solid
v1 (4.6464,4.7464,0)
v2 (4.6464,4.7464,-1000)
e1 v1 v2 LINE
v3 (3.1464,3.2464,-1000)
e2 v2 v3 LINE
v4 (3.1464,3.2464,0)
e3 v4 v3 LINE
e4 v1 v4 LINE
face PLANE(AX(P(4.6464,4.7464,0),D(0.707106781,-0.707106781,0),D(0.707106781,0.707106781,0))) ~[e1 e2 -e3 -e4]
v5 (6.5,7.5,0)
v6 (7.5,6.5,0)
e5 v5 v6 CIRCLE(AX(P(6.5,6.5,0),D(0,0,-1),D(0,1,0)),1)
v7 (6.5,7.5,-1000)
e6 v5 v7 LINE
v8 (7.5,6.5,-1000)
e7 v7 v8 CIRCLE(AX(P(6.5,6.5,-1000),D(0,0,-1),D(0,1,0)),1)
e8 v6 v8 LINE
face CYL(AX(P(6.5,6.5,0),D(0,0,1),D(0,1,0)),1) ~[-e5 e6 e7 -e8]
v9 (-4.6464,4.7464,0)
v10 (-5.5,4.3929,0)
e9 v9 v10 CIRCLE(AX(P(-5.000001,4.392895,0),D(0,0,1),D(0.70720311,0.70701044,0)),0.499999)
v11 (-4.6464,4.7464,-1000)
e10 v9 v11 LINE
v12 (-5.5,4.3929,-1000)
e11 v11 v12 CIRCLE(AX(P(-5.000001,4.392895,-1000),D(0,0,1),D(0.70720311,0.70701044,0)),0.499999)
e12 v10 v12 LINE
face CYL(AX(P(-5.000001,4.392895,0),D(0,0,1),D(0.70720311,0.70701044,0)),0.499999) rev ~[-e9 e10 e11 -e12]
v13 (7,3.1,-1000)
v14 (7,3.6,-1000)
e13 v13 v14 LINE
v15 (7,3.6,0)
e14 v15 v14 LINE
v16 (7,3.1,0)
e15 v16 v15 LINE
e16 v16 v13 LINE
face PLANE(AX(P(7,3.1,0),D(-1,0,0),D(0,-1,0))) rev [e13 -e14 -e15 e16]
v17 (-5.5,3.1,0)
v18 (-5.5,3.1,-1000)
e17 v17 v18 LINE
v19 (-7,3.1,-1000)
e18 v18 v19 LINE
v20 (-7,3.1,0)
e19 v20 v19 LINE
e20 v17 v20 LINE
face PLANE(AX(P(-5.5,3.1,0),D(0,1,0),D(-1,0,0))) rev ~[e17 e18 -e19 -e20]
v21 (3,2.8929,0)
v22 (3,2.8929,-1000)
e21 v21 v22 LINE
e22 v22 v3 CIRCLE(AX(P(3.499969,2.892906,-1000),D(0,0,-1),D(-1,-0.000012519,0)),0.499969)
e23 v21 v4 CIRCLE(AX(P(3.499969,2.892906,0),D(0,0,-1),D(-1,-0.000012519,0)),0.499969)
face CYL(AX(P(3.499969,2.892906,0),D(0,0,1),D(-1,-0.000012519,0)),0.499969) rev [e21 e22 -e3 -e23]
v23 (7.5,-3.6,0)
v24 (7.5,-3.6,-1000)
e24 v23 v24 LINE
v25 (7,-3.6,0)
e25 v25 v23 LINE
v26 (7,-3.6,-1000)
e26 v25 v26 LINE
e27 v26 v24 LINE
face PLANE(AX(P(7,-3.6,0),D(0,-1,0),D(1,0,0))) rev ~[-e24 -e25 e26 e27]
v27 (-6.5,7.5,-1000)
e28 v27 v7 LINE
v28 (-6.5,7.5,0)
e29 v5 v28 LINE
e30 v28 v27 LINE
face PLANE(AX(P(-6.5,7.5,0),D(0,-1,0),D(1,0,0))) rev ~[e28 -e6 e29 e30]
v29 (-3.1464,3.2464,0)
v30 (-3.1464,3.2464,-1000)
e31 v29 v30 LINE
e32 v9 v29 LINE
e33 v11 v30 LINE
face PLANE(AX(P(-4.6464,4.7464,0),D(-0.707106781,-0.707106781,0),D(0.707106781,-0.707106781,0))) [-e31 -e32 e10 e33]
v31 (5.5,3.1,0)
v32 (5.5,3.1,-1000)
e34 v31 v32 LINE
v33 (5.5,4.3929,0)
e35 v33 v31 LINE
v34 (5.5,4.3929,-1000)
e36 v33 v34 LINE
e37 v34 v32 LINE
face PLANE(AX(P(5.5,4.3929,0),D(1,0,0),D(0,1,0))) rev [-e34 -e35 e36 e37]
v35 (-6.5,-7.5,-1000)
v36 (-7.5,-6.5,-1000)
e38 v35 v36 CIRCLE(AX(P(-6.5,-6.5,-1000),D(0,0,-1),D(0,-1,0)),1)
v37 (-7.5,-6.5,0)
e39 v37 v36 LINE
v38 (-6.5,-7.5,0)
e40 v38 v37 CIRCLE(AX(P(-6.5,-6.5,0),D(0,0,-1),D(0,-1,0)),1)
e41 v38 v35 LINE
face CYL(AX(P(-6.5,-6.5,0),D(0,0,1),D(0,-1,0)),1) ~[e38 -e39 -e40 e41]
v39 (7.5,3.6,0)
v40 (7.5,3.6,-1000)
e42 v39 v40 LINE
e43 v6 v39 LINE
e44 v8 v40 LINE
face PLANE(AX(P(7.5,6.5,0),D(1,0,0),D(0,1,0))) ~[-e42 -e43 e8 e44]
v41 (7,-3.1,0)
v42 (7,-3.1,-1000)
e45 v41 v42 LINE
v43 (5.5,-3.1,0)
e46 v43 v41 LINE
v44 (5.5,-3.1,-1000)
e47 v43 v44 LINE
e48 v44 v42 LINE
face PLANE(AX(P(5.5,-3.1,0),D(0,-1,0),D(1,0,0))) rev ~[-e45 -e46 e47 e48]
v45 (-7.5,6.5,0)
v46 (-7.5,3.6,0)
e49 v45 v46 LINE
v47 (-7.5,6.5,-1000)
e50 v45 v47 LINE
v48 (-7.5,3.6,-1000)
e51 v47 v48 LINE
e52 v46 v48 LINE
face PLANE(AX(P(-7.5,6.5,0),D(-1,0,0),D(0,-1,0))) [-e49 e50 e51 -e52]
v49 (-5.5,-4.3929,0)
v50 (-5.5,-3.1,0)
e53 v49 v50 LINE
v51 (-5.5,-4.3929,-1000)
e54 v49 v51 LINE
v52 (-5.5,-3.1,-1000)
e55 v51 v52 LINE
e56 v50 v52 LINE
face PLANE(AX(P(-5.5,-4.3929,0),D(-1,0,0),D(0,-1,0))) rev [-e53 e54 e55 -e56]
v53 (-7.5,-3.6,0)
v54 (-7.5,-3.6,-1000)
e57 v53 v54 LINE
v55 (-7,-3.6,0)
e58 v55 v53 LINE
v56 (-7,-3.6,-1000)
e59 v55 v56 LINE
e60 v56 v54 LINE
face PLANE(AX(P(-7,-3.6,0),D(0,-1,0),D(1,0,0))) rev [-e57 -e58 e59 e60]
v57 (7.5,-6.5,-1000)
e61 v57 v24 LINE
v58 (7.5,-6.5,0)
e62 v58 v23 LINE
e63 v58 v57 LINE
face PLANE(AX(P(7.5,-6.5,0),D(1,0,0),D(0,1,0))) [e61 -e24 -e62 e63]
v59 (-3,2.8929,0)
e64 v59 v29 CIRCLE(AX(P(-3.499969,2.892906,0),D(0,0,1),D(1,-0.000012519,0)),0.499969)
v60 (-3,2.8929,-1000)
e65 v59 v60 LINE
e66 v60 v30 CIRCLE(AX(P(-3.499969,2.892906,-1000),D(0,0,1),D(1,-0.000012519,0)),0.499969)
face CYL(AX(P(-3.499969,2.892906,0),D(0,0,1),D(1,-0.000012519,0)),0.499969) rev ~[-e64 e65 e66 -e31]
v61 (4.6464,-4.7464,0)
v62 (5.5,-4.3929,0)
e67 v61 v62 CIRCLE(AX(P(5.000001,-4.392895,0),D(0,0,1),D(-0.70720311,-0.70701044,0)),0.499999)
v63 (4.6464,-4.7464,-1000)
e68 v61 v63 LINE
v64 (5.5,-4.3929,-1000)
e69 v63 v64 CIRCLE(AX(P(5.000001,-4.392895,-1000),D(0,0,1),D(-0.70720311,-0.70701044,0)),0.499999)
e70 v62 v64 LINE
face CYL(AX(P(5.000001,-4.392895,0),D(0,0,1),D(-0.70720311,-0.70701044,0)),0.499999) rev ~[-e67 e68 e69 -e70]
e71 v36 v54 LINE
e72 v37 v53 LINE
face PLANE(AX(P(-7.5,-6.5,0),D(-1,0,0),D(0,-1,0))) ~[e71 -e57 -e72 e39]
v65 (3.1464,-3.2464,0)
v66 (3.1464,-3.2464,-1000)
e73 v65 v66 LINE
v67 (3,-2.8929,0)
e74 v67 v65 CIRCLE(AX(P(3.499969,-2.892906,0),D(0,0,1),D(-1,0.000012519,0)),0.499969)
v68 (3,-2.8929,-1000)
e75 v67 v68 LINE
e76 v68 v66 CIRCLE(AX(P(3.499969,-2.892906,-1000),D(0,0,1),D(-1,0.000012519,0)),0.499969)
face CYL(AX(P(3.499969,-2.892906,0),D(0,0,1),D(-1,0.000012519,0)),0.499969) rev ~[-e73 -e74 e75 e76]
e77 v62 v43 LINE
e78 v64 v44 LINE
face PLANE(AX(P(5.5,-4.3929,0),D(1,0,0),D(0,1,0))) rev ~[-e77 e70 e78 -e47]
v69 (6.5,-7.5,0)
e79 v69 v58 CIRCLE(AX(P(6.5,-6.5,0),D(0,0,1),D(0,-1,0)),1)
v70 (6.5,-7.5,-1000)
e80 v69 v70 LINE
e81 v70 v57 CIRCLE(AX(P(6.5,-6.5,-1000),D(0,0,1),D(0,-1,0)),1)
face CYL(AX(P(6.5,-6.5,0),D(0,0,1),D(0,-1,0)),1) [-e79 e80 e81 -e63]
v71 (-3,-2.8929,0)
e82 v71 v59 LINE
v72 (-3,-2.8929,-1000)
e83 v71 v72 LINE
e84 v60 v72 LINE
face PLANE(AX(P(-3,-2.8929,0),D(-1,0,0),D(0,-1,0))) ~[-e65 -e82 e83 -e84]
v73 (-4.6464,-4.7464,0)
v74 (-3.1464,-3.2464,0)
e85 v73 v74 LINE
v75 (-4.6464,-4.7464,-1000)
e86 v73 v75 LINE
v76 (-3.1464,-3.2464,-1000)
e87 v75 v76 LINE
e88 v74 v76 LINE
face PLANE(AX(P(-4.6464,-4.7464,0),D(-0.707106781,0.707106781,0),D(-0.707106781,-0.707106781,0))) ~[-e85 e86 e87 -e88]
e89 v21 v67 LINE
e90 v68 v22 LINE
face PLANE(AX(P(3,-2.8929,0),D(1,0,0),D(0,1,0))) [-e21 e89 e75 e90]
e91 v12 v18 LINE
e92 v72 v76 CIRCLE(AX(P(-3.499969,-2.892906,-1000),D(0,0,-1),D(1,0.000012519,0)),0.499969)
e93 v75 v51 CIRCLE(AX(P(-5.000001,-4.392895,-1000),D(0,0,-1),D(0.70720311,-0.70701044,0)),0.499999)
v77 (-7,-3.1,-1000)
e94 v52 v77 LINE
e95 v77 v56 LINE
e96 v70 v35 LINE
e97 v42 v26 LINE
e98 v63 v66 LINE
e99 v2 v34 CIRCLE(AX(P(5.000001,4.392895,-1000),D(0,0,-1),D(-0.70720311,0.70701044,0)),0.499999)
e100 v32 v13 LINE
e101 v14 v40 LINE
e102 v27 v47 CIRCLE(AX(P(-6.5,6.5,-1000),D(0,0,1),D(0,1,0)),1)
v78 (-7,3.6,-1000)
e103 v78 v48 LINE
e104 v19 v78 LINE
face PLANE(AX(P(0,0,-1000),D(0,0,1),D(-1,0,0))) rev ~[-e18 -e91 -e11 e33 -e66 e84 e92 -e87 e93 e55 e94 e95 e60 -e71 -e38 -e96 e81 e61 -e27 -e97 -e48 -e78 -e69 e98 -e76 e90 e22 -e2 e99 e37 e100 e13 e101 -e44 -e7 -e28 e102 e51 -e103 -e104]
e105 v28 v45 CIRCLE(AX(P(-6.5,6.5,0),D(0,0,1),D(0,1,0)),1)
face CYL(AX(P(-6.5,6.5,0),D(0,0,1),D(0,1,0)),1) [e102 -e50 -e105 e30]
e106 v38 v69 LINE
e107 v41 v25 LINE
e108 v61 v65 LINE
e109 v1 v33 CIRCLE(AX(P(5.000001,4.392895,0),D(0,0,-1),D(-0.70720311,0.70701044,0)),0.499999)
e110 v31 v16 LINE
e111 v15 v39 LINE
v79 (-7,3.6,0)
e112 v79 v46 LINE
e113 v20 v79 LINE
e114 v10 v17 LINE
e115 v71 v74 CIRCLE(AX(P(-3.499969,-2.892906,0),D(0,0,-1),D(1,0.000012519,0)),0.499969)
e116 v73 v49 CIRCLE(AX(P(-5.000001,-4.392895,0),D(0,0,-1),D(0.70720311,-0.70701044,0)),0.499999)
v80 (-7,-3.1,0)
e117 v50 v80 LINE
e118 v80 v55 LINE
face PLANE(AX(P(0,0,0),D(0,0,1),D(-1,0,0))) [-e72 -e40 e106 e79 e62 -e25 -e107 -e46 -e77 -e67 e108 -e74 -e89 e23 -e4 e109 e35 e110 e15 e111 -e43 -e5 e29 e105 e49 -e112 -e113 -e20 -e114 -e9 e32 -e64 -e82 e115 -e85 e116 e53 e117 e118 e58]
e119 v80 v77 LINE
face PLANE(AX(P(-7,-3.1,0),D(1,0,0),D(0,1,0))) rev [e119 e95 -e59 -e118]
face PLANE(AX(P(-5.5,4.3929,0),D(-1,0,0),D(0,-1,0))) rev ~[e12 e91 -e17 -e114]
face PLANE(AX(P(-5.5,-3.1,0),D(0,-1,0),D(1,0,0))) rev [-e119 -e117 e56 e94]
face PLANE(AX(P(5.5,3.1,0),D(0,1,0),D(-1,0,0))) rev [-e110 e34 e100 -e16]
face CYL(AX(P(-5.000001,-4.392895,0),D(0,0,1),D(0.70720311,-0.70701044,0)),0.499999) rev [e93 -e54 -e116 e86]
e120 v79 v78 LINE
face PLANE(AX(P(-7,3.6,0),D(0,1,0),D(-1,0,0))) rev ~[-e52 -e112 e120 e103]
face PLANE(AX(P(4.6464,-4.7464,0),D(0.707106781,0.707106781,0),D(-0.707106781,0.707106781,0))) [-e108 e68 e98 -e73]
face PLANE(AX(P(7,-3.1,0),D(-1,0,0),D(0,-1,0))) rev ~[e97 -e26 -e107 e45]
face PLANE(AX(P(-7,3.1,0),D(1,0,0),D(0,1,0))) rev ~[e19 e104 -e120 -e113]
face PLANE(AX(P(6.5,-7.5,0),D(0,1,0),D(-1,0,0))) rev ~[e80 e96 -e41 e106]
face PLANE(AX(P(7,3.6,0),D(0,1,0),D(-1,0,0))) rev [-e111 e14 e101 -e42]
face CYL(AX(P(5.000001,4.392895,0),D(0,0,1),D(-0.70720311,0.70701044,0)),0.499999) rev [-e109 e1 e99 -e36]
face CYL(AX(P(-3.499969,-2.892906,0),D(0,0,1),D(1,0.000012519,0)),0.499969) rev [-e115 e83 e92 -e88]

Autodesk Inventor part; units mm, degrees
ref_plane "YZ Plane" through (0, 0, 0) normal (1, 0, 0) x (0, 1, 0)
ref_plane "XZ Plane" through (0, 0, 0) normal (0, 1, 0) x (-1, 0, 0)
ref_plane "XY Plane" through (0, 0, 0) normal (0, 0, 1) x (1, 0, 0)
sketch "Sketch1" plane through (0, 0, 0) normal (0, 0, 1) x (1, 0, 0)
  line L0 (-7.5, 7.5) -> (7.5, 7.5) construction
  line L1 (-7.5, 7.5) -> (-7.5, 3.1) construction
  line L2 (-7.5, 3.1) -> (-5.5, 3.1) construction
  line L3 (-5.5, 5.6) -> (-5.5, 3.1) construction
  line L4 (-5.5, 5.6) -> (-3, 3.1) construction
  line L5 (-3, 0) -> (0, 0)
  line L6 (0, 0) -> (0, 7.5)
  arc A0 (-6.5, 7.5) -> (-7.5, 6.5) centre (-6.5, 6.5) ccw
  line L7 (-7.5, 6.5) -> (-7.5, 3.1) construction
  line L8 (-6.5, 7.5) -> (0, 7.5)
  arc A1 (-4.6464, 4.7464) -> (-5.5, 4.3929) centre (-5, 4.3929) ccw
  line L9 (-5.5, 4.3929) -> (-5.5, 3.1)
  line L10 (-3, 3.1) -> (-3, 0) construction
  arc A2 (-3, 2.8929) -> (-3.1464, 3.2464) centre (-3.5, 2.8929) ccw
  line L11 (-4.6464, 4.7464) -> (-3.1464, 3.2464)
  line L12 (-3, 2.8929) -> (-3, 0)
  line L13 (-7.5, 3.1) -> (-7, 3.1) construction
  line L14 (-7, 3.1) -> (-7, 3.6)
  line L15 (-7, 3.6) -> (-7.5, 3.6)
  line L16 (-7.5, 3.6) -> (-7.5, 3.1) construction
  line L17 (-7.5, 6.5) -> (-7.5, 3.6)
  line L18 (-5.5, 3.1) -> (-7, 3.1)
  dimension "d0" = 15
  dimension "d1" = 7.5
  dimension "d3" = 2
  dimension "d4" = 2.5
  dimension "d5" = 45
  dimension "d9" = 1
  dimension "d10" = 0.5
  dimension "d11" = 0.5
  dimension "d12" = 0.5
  dimension "d13" = 3.1
extrude "Extrusion1" add sketch "Sketch1" against normal blind 1000
mirror "Mirror3" about plane through (0, 0, 0) normal (1, 0, 0) of "Extrusion1"
mirror "Mirror4" about plane through (0, 0, 0) normal (0, 1, 0) of "Extrusion1", "Mirror3"
equation "\"d1\" = 0.5 * d0"
properties part number "profile_0001_0001"
